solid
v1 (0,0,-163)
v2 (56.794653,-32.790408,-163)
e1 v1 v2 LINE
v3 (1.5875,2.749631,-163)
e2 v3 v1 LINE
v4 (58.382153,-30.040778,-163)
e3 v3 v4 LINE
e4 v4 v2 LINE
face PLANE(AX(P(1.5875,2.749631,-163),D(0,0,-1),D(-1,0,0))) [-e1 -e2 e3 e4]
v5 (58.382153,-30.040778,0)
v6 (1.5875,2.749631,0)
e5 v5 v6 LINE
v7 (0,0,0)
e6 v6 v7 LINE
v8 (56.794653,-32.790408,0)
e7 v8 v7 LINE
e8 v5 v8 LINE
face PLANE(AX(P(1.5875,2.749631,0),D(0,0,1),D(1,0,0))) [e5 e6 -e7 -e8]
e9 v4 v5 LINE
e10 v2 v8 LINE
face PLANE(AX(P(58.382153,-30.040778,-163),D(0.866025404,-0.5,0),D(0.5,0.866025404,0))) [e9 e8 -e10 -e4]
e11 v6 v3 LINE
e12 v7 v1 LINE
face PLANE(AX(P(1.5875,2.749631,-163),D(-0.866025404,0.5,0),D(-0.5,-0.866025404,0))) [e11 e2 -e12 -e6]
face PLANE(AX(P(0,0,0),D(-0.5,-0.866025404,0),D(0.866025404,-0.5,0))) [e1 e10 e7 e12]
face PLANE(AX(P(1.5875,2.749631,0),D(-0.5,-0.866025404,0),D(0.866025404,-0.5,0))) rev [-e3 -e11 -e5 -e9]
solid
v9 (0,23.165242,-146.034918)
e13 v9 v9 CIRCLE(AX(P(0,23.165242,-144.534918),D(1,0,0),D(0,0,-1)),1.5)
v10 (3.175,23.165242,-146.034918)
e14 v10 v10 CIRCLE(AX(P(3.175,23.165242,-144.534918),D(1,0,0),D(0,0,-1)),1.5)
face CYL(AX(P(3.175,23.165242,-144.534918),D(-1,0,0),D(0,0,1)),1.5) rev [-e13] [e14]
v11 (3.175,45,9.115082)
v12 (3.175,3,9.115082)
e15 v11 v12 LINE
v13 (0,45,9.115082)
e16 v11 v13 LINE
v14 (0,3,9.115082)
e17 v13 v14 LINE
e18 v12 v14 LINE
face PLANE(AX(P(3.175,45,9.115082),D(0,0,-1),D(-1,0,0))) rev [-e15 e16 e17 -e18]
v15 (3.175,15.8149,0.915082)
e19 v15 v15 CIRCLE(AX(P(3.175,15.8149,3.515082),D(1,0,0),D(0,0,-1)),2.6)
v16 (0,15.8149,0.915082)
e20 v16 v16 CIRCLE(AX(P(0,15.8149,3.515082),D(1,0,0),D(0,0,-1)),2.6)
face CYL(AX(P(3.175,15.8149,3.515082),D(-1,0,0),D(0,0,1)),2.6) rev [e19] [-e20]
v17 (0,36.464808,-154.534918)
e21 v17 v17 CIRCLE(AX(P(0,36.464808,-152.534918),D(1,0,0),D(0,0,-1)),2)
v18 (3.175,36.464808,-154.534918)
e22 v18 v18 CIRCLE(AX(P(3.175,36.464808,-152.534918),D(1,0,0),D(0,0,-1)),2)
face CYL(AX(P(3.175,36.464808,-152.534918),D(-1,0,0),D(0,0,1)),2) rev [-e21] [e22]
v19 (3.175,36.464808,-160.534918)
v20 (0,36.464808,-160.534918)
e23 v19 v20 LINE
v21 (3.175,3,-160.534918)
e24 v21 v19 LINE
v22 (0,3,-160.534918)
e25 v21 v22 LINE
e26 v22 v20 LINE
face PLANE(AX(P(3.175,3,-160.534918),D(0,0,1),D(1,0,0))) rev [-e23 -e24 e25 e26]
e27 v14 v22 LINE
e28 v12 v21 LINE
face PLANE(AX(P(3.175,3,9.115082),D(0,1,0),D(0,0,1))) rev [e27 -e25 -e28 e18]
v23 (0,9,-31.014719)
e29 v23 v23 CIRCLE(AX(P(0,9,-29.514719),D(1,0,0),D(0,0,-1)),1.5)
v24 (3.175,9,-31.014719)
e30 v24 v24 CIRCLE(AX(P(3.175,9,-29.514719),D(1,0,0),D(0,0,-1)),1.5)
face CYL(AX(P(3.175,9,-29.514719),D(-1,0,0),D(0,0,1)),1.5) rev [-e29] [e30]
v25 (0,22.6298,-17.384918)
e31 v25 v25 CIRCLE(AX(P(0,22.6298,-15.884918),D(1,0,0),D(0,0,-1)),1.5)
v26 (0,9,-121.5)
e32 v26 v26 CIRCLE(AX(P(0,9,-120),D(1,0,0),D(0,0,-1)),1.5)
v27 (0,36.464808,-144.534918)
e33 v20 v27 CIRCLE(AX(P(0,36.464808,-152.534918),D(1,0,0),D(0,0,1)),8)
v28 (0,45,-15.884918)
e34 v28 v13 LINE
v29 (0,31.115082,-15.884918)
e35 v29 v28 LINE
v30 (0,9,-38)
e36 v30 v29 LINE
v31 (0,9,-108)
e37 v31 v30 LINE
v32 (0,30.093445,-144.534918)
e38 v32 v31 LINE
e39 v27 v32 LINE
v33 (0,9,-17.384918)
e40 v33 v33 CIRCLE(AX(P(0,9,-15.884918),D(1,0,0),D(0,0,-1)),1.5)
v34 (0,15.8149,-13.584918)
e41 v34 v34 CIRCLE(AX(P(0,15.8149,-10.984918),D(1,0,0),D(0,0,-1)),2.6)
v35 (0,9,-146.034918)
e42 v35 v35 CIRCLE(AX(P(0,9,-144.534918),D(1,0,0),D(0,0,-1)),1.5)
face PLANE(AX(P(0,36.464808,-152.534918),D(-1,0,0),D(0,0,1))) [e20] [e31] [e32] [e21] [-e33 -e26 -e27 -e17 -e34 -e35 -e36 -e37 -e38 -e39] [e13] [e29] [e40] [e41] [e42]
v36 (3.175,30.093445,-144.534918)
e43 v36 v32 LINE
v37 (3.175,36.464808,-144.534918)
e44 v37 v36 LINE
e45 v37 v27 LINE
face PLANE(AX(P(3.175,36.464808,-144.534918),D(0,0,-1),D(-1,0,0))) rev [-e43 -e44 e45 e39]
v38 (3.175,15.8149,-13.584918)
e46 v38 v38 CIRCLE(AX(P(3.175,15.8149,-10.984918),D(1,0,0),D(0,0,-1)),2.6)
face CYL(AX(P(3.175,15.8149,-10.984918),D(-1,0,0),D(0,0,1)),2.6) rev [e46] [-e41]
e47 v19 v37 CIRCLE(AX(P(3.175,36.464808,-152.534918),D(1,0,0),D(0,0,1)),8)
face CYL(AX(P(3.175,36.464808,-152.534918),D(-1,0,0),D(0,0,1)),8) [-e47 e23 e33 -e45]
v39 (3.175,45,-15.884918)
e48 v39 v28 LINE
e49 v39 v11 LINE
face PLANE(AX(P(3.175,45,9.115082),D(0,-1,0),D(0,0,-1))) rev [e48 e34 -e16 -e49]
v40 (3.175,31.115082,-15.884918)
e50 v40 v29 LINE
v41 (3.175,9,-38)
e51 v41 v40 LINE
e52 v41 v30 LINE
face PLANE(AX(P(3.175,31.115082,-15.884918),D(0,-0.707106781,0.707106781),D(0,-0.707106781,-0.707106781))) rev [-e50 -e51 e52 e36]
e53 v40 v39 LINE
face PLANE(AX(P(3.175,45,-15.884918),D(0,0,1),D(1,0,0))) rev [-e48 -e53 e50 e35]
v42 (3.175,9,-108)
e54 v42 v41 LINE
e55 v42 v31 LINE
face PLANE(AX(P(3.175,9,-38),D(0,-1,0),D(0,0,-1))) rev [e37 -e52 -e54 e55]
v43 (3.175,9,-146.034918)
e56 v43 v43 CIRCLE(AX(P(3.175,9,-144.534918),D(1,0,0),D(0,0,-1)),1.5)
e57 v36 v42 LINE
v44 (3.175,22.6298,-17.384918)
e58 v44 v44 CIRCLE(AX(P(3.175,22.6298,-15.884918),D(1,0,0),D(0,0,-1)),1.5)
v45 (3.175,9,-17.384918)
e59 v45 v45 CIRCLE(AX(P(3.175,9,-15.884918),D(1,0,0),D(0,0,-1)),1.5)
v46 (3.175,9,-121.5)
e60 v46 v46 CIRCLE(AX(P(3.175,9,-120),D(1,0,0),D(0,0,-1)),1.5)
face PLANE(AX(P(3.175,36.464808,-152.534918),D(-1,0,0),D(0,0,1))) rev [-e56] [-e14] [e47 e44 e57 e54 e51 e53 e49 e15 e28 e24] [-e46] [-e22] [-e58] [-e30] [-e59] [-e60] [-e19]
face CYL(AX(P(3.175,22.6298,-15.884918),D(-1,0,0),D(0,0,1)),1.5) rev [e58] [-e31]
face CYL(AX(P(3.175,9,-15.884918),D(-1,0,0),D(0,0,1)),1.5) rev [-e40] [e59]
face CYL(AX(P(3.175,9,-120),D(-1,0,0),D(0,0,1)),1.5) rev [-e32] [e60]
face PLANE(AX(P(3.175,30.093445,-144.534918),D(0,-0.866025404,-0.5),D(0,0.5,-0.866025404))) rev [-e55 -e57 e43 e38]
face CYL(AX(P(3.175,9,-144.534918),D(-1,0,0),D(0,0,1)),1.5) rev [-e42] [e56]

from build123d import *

# Parameters (mm, degrees)
SKETCH11_W          = 163
SKETCH11_H          = 65.580816733
BOSS_EXTRUDE2_DEPTH = 3.175
SKETCH12_R          = 1.5
SKETCH12_R_2        = 2
SKETCH12_R_3        = 2.6
BOSS_EXTRUDE3_DEPTH = 3.175


with BuildPart() as part:
    # Sketch11 → Boss-Extrude2 (new body)
    with BuildSketch(Plane(origin=(0, 0, 0), x_dir=(0, 0, -1), z_dir=(-0.5, -0.866025404, 0))):
        with Locations((81.5, 32.790408367)):
            Rectangle(SKETCH11_W, SKETCH11_H)
    extrude(amount=-BOSS_EXTRUDE2_DEPTH)


with BuildPart() as body_2:
    # Sketch12 → Boss-Extrude3 (new body)
    with BuildSketch(Plane(origin=(0, 0, 0), x_dir=(0, 0, -1), z_dir=(1, 0, 0))):
        with BuildLine():
            Line((-9.115081699, 45), (15.884918301, 45))
            Line((15.884918301, 45), (15.884918301, 31.115081699))
            Line((15.884918301, 31.115081699), (38, 9))
            Line((38, 9), (108, 9))
            Line((108, 9), (144.534918301, 30.093444916))
            Line((144.534918301, 30.093444916), (144.534918301, 36.464807754))
            ThreePointArc((144.534918301, 36.464807754), (152.534918301, 44.464807754), (160.534918301, 36.464807754))
            Line((160.534918301, 36.464807754), (160.534918301, 3))
            Line((160.534918301, 3), (-9.115081699, 3))
            Line((-9.115081699, 3), (-9.115081699, 45))
        make_face()
        with Locations((15.884918301, 22.629800325)):
            Circle(SKETCH12_R, mode=Mode.SUBTRACT)
        with Locations((120, 9)):
            Circle(SKETCH12_R, mode=Mode.SUBTRACT)
        with Locations((144.534918301, 23.165241686)):
            Circle(SKETCH12_R, mode=Mode.SUBTRACT)
        with Locations((29.514718626, 9)):
            Circle(SKETCH12_R, mode=Mode.SUBTRACT)
        with Locations((15.884918301, 9)):
            Circle(SKETCH12_R, mode=Mode.SUBTRACT)
        with Locations((144.534918301, 9)):
            Circle(SKETCH12_R, mode=Mode.SUBTRACT)
        with Locations((152.534918301, 36.464807754)):
            Circle(SKETCH12_R_2, mode=Mode.SUBTRACT)
        with Locations((-3.515081699, 15.814900162)):
            Circle(SKETCH12_R_3, mode=Mode.SUBTRACT)
        with Locations((10.984918301, 15.814900162)):
            Circle(SKETCH12_R_3, mode=Mode.SUBTRACT)
    extrude(amount=BOSS_EXTRUDE3_DEPTH)


solid = Compound([part.part, body_2.part])
